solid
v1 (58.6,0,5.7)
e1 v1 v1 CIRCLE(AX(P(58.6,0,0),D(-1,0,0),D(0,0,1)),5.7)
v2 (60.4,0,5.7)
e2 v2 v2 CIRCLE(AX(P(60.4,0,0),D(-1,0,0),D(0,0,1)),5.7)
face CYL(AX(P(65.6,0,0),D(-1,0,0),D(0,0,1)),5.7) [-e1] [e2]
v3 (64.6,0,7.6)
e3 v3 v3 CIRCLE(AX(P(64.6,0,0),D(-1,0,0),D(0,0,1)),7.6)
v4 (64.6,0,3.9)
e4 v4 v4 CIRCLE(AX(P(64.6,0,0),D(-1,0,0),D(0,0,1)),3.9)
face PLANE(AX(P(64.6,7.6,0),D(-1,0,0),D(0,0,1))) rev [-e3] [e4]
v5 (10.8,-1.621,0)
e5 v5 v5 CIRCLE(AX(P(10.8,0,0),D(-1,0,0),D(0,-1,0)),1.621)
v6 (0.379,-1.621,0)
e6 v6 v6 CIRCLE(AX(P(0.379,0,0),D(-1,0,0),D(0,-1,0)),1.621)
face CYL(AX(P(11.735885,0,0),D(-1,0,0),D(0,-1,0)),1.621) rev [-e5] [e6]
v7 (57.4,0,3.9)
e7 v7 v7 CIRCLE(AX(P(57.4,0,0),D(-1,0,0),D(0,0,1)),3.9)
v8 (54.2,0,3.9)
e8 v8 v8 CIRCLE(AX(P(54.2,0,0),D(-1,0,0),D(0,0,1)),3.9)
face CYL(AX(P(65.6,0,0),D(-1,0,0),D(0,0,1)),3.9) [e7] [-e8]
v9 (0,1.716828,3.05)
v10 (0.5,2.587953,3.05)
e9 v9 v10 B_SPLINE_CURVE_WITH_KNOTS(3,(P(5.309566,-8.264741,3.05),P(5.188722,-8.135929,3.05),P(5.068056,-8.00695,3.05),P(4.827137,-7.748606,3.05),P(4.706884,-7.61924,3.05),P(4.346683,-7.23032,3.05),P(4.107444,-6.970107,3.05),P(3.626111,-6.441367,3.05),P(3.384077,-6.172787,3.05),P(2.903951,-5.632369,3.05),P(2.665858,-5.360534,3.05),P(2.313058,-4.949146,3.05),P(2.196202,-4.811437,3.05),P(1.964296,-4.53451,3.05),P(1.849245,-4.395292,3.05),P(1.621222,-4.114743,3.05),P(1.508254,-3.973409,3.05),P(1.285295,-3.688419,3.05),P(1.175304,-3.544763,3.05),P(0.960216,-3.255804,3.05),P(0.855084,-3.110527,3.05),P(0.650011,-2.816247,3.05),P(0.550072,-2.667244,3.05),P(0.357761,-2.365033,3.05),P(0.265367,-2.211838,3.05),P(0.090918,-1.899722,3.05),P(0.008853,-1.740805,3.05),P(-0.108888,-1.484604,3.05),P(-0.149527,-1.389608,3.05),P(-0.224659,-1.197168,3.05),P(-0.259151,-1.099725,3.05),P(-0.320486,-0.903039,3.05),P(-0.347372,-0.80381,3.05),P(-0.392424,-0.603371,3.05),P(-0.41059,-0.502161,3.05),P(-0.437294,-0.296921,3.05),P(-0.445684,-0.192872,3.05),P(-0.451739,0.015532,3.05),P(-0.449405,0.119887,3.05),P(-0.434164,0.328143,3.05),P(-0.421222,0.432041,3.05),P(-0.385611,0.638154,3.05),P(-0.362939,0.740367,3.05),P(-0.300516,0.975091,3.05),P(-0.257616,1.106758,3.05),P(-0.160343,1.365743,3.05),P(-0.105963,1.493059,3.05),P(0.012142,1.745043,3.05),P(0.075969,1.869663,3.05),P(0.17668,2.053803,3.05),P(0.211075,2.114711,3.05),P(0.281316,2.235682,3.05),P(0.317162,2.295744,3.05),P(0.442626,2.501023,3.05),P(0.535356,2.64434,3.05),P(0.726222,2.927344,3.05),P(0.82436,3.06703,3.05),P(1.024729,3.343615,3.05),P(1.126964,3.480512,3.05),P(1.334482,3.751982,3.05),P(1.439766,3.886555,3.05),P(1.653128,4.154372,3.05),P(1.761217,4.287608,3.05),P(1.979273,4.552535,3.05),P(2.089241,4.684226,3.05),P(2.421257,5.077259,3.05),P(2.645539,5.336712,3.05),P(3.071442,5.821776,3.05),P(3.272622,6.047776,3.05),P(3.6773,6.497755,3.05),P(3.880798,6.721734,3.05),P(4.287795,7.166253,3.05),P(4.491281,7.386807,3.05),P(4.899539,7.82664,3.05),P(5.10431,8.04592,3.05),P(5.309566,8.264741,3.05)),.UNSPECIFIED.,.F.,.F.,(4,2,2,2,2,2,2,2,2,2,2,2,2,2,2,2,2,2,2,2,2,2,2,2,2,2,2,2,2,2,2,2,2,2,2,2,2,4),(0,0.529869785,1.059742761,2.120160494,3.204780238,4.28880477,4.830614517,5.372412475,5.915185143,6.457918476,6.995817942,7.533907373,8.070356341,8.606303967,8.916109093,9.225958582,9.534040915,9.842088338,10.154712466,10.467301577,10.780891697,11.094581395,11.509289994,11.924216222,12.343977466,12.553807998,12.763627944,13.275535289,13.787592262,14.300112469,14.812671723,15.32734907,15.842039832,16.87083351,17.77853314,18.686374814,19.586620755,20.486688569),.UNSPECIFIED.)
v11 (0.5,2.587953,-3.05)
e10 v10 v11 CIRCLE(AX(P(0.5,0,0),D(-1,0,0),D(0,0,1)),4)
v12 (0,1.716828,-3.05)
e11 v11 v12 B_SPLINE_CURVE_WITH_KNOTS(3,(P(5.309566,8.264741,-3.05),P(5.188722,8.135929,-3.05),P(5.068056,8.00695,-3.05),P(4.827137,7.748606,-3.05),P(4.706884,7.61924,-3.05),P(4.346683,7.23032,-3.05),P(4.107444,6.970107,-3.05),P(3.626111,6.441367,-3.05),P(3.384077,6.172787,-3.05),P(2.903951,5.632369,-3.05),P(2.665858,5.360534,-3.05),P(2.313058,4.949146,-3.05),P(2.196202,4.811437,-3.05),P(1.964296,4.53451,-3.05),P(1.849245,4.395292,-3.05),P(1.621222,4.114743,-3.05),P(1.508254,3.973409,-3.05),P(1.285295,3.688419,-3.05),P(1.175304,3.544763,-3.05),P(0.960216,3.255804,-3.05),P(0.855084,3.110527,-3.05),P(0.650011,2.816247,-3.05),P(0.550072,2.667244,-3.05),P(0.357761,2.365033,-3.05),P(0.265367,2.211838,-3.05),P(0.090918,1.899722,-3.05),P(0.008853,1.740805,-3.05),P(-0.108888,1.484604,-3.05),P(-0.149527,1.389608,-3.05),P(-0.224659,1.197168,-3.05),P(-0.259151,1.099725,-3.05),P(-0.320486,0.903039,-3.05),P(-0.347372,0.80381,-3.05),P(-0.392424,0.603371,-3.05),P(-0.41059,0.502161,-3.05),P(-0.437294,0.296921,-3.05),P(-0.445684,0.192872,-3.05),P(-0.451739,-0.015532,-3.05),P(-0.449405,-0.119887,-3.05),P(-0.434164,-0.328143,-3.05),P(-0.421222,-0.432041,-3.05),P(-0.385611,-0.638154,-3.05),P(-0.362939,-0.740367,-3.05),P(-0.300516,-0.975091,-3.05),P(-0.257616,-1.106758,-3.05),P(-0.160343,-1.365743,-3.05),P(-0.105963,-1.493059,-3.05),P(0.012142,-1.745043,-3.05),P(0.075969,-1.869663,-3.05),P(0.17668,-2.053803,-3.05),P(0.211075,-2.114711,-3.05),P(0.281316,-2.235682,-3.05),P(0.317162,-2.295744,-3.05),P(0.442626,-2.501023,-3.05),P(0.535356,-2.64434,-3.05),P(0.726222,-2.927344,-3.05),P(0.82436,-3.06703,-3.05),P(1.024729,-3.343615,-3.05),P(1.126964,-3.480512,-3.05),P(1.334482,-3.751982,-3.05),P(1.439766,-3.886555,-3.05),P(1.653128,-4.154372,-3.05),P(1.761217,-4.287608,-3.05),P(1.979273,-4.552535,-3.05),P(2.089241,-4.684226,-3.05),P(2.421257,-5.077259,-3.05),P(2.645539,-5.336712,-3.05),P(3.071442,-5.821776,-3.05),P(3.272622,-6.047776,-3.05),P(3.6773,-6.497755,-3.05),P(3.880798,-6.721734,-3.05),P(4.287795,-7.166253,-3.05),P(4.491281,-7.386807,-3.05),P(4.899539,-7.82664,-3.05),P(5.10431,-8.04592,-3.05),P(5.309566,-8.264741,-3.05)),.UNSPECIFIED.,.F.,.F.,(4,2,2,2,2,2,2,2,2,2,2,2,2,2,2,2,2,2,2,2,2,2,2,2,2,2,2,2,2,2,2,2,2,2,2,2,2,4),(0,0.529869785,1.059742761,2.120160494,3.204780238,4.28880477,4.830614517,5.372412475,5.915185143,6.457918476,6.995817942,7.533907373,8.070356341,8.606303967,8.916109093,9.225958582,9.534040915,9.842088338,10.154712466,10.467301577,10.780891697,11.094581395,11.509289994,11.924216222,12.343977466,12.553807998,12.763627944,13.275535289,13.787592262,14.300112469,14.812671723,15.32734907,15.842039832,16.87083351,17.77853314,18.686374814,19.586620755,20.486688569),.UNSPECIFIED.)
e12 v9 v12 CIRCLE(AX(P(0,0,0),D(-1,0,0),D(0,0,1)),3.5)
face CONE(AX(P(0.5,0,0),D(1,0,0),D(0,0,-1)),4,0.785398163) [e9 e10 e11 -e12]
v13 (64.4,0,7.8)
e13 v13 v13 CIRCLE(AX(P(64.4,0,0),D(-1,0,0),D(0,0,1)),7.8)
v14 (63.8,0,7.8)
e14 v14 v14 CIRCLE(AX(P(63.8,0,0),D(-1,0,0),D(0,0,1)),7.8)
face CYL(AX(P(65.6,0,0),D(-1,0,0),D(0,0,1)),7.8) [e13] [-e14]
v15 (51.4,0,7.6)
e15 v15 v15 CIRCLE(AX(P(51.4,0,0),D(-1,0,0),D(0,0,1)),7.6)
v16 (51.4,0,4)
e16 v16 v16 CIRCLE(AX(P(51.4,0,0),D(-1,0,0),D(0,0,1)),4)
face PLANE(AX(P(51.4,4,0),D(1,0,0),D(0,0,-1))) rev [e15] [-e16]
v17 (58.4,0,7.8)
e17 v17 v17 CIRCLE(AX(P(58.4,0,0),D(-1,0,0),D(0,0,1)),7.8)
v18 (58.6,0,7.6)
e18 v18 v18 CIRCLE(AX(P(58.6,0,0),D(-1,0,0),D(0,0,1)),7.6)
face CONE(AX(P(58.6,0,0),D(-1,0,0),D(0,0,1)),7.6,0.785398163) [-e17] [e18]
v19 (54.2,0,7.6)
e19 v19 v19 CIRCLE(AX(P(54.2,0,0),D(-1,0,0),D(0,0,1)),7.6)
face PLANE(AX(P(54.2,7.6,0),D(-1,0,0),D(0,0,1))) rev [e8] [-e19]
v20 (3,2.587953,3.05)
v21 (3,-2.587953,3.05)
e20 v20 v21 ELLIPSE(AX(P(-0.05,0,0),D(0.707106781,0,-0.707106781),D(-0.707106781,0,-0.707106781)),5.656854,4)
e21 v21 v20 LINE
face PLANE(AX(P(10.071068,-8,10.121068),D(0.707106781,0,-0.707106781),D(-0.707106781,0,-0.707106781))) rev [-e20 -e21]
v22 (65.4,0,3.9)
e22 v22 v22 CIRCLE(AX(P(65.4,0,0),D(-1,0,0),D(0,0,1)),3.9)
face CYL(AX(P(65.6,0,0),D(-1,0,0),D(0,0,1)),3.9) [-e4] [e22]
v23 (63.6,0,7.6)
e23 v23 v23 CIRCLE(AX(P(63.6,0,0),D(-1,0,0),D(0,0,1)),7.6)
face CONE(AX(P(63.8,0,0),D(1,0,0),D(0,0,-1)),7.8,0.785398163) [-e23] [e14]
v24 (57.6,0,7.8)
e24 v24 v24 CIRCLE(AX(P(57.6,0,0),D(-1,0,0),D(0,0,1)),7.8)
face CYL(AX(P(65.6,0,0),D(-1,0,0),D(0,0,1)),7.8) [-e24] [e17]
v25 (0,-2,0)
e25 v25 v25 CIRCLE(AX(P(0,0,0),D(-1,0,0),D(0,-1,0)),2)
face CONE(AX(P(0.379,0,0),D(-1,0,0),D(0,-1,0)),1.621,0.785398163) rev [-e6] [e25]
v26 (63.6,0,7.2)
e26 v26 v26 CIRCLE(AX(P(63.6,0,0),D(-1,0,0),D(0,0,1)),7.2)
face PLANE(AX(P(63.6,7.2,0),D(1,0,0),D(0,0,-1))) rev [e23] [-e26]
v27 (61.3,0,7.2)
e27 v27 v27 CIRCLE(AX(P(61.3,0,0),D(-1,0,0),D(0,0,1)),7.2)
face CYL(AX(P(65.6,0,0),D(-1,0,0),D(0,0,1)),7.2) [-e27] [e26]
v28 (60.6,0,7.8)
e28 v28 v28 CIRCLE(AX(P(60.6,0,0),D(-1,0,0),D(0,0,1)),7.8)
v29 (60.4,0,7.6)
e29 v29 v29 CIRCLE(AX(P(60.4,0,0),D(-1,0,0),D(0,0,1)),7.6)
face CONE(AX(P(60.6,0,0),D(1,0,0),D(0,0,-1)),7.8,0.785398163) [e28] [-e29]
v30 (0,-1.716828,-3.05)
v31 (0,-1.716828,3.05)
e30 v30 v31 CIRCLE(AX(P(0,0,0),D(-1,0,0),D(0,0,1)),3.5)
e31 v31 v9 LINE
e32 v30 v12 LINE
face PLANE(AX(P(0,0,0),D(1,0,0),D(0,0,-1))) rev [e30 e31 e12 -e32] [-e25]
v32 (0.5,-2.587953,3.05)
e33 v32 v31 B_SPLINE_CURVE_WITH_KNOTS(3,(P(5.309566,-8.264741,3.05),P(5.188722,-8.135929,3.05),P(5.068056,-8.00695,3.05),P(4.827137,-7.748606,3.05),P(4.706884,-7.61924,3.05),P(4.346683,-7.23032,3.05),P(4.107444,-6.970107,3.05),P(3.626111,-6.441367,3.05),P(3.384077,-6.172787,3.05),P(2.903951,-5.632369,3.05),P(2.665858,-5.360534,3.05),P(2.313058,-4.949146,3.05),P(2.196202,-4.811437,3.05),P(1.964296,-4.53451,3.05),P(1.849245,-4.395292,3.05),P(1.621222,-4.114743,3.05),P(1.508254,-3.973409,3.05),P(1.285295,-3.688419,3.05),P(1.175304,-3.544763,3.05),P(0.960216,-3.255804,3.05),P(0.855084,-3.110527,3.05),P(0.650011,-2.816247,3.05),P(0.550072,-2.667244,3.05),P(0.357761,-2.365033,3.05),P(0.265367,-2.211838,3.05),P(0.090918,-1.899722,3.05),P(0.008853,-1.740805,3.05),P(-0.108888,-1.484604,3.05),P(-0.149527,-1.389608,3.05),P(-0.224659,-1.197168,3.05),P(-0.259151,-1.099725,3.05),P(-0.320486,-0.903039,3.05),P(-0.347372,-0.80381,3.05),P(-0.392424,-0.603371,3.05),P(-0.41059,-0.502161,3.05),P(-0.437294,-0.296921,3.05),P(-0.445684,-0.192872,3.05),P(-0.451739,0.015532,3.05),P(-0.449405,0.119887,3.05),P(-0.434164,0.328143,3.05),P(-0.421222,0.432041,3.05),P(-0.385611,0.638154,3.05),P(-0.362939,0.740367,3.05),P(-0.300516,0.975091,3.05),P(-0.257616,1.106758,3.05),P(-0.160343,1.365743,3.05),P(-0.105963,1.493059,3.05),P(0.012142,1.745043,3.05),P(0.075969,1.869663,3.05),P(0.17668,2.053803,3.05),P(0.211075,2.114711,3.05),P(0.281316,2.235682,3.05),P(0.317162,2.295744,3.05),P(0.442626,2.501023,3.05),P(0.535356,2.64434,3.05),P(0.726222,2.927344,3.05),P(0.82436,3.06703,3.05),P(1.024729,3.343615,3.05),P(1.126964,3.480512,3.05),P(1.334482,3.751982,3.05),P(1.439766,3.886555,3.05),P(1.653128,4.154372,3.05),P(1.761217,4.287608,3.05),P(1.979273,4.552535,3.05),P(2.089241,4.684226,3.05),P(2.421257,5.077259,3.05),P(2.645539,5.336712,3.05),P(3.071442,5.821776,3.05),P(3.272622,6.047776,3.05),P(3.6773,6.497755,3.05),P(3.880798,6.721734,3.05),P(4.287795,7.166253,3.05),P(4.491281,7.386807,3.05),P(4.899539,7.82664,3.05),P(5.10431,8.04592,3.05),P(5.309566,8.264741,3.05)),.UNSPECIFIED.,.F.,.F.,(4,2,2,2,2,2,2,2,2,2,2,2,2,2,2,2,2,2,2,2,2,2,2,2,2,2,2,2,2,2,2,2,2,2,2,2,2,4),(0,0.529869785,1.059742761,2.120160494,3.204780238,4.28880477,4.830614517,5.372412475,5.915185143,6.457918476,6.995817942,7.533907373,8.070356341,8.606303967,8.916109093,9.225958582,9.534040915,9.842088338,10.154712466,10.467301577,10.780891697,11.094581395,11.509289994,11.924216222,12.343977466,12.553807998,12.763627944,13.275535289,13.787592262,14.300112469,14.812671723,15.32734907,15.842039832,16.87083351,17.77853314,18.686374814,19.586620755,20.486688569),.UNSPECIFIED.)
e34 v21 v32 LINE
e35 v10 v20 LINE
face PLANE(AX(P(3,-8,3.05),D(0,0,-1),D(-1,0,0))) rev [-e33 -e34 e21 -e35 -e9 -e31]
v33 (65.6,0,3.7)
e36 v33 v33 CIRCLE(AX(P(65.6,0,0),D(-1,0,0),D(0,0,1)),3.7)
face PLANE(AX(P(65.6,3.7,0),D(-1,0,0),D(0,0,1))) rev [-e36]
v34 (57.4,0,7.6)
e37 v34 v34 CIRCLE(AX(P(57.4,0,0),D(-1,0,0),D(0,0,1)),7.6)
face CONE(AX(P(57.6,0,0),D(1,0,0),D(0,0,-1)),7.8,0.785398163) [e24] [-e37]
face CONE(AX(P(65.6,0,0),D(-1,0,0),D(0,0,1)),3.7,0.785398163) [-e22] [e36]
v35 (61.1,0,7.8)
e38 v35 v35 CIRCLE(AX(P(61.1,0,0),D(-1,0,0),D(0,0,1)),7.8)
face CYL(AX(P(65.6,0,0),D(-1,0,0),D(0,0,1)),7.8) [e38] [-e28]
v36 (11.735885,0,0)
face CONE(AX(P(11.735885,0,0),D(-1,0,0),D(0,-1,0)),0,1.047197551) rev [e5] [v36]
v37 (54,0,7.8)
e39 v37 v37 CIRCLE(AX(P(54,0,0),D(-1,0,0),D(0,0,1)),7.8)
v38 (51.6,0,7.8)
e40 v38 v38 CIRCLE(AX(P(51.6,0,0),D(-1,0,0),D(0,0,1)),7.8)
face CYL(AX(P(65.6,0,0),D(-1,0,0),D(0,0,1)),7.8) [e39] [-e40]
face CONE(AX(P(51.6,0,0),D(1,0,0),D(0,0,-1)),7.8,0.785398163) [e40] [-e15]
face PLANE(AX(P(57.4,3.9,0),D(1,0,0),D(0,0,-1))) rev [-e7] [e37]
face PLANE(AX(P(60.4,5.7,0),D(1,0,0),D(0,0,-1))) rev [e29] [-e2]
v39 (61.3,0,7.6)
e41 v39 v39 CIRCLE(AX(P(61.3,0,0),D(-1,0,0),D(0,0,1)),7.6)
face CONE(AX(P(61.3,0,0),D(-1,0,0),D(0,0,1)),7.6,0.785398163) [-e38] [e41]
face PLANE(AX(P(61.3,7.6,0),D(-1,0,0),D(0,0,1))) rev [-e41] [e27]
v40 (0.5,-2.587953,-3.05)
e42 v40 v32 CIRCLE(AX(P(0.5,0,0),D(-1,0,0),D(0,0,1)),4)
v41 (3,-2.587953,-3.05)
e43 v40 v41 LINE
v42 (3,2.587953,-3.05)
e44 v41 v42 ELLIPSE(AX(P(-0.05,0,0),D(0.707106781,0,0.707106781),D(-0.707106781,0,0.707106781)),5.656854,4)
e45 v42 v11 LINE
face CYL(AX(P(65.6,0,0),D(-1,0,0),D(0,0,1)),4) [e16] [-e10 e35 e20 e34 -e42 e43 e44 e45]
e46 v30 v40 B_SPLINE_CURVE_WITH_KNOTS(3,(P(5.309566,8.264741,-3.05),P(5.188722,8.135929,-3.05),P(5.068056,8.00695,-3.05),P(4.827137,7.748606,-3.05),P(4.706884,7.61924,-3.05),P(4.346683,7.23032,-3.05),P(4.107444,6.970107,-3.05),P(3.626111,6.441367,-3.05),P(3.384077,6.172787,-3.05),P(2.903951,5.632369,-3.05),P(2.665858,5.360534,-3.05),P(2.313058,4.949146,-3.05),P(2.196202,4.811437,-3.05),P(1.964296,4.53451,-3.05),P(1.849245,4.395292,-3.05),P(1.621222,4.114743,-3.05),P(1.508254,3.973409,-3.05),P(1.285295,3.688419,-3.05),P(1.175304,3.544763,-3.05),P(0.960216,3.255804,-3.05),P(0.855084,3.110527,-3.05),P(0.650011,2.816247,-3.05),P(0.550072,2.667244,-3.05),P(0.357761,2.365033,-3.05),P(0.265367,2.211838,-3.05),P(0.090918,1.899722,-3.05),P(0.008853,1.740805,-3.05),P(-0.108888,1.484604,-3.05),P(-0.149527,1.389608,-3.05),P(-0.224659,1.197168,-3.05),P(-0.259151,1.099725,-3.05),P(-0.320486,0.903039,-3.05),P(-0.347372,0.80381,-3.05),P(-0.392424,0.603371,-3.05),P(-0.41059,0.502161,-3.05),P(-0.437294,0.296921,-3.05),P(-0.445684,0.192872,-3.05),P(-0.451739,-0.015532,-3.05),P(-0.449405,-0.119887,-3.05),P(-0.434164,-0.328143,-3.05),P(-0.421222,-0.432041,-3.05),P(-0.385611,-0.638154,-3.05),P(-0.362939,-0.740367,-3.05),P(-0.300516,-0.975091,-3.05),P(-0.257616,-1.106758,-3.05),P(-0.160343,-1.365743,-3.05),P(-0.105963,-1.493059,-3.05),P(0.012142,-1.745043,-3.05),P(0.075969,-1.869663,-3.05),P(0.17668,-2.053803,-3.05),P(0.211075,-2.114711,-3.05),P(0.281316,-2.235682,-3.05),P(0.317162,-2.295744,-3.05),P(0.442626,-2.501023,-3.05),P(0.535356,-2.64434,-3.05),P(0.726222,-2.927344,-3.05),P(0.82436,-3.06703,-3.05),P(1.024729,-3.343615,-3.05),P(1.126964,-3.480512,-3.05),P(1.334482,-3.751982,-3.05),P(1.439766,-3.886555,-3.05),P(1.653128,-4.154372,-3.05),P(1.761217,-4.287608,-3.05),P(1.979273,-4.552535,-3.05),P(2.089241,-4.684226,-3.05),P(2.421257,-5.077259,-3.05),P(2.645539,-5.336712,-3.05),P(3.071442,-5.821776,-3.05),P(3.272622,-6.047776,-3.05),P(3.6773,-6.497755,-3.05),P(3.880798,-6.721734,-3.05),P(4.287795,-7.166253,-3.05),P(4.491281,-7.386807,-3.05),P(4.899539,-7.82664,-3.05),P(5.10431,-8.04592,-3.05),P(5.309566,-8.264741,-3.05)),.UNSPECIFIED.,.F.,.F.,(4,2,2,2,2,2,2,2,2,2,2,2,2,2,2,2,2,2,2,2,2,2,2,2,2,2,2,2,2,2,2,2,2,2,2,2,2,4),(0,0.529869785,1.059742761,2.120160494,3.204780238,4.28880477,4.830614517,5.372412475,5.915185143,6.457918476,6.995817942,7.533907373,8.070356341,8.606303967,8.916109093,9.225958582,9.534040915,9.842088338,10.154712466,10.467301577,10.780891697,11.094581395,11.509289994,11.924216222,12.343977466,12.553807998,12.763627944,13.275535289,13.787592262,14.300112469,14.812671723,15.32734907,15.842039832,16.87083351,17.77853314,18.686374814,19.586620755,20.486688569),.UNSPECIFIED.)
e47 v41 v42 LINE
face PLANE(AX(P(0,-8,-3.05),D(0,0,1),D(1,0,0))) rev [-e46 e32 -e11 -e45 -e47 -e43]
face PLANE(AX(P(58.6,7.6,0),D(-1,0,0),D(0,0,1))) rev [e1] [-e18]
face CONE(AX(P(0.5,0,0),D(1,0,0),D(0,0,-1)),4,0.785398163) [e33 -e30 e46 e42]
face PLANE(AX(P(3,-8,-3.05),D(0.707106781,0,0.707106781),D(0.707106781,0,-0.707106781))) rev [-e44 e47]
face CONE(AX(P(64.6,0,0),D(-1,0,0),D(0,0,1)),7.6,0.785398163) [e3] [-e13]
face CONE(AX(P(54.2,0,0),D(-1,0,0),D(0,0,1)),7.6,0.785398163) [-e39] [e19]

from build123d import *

# Parameters (mm, degrees)
CUT_EXTRUDE_1_DEPTH      = 8
CUT_EXTRUDE_1_DEPTH_BACK = 8


with BuildPart() as part:
    # 草图1 → 旋转1 (revolve)
    with BuildSketch(Plane.XY):
        Polygon((0, 0), (0, 3.5), (0.5, 4), (51.4, 4), (51.4, 7.6), (51.6, 7.8), (54, 7.8), (54.2, 7.6), (54.2, 3.9), (57.4, 3.9), (57.4, 7.6), (57.6, 7.8), (58.4, 7.8), (58.6, 7.6), (58.6, 5.7), (60.4, 5.7), (60.4, 7.6), (60.6, 7.8), (61.1, 7.8), (61.3, 7.6), (61.3, 7.2), (63.6, 7.2), (63.6, 7.6), (63.8, 7.8), (64.4, 7.8), (64.6, 7.6), (64.6, 3.9), (65.4, 3.9), (65.6, 3.7), (65.6, 0), align=None)
    revolve(axis=Axis((65.6, 0, 0), (-1, 0, 0)))

    # 草图2 → 切除-旋转1 (revolve, cut)
    with BuildSketch(Plane.XY):
        Polygon((0, 0), (0, 2), (0.379, 1.621), (10.8, 1.621), (11.735884786, 0), align=None)
    revolve(axis=Axis((11.735884786, 0, 0), (-1, 0, 0)), mode=Mode.SUBTRACT)

    # 草图3 → 切除-拉伸1 (cut, two sides: drawn at the far end of the back side and taken through both)
    with BuildSketch(Plane(origin=(0, 0, 0), x_dir=(1, 0, 0), z_dir=(0, 1, 0)).offset(-CUT_EXTRUDE_1_DEPTH_BACK)):
        Polygon((-9.2, -10.121067812), (10.071067812, -10.121067812), (3, -3.05), (0, -3.05), (0, 3.05), (3, 3.05), (10.071067812, 10.121067812), (-9.2, 10.121067812), align=None)
    extrude(amount=CUT_EXTRUDE_1_DEPTH + CUT_EXTRUDE_1_DEPTH_BACK, mode=Mode.SUBTRACT)


solid = part.part
